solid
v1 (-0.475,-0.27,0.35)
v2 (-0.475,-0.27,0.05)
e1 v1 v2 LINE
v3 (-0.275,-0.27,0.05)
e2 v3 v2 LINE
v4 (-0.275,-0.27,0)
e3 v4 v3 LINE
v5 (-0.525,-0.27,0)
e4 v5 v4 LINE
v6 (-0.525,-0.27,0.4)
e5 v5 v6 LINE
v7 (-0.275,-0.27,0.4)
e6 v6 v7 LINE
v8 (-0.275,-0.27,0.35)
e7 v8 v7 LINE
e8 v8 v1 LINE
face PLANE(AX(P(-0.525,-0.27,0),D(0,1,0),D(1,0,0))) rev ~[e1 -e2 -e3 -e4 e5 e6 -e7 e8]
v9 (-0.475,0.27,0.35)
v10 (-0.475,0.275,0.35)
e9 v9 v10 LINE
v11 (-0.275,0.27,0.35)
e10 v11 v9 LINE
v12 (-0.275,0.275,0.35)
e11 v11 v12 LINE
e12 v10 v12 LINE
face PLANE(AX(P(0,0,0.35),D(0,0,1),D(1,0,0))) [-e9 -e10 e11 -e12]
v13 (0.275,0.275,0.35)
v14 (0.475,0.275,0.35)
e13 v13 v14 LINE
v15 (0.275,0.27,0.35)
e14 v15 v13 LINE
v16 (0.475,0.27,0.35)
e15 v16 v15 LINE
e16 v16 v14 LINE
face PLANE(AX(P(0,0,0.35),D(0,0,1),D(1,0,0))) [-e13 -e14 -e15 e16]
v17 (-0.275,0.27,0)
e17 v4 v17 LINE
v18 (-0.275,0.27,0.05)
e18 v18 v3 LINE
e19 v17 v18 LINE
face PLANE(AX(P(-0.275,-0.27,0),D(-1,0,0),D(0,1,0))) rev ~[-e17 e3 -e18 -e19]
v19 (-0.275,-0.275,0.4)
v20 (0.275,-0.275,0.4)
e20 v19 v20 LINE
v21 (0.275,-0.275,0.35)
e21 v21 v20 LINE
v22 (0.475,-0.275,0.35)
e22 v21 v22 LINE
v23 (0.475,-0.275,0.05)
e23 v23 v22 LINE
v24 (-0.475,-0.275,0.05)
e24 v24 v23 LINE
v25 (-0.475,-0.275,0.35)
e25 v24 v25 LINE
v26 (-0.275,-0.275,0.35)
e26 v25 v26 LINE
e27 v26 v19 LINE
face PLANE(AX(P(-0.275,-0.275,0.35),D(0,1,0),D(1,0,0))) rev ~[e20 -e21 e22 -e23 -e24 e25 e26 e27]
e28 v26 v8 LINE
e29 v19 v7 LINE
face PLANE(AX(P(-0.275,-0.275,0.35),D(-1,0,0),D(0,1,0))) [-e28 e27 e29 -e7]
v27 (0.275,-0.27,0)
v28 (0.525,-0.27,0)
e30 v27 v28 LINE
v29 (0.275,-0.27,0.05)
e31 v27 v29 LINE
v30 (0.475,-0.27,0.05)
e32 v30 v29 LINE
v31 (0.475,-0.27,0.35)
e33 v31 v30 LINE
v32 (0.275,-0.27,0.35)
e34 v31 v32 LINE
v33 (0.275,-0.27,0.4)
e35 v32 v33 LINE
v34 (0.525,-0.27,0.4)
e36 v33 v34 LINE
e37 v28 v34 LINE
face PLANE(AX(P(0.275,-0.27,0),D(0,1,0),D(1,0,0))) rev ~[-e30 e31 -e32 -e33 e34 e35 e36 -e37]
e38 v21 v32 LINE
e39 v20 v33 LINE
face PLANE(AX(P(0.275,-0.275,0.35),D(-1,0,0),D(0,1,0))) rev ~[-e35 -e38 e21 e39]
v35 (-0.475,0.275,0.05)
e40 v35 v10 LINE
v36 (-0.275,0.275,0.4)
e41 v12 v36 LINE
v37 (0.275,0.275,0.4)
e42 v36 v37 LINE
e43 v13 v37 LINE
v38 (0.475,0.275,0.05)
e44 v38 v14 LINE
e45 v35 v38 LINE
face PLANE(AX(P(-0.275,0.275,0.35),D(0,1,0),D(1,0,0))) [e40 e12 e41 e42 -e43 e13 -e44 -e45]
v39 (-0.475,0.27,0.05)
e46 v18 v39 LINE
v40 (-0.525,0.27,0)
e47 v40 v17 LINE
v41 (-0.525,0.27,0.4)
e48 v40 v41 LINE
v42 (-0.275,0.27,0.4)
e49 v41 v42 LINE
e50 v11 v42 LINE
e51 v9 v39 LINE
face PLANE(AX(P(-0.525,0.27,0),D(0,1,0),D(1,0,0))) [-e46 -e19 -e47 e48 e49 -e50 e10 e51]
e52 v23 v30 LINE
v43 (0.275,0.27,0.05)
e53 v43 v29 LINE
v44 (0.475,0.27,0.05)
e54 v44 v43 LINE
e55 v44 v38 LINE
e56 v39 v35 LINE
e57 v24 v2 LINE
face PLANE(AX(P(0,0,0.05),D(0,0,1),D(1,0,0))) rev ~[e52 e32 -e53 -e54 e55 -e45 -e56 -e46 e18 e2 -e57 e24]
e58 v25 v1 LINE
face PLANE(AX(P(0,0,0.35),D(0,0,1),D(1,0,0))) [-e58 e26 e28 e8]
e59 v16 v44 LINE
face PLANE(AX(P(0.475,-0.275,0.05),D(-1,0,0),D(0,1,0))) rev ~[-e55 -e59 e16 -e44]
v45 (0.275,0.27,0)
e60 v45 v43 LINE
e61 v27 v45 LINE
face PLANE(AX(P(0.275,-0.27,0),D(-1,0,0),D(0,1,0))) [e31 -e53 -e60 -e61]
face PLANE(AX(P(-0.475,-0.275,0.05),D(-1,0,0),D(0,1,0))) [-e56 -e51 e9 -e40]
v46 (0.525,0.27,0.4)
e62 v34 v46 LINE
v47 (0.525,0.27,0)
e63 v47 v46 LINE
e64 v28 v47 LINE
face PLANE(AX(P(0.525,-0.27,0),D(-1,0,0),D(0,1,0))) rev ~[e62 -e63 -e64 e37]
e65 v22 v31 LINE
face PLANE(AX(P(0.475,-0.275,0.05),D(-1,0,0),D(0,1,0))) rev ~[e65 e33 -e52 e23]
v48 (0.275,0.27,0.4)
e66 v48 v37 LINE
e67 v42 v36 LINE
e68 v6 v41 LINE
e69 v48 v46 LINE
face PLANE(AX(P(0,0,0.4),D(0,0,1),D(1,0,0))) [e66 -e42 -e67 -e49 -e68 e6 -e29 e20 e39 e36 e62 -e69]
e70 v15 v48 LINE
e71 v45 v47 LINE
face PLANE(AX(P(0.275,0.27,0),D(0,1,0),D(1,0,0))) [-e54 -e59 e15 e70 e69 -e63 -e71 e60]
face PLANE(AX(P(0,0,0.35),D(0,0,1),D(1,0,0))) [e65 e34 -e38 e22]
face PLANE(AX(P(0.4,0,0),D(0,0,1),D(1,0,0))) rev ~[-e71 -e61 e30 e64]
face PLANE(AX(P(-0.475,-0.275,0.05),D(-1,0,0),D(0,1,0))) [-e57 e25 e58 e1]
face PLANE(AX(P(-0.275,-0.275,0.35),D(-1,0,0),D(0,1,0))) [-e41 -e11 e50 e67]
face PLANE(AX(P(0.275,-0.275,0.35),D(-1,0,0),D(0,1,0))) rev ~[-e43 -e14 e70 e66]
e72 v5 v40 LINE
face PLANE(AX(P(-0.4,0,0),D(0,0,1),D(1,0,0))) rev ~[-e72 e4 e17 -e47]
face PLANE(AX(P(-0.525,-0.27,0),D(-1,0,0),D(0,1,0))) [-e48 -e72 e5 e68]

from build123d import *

# Parameters (mm, degrees)
PLATING_LEFT_W      = 0.25
PLATING_LEFT_H      = 0.54
PLATING_LEFT_DEPTH  = 0.4
PLATING_RIGHT_W     = 0.25
PLATING_RIGHT_H     = 0.54
PLATING_RIGHT_DEPTH = 0.4
MARKING_W           = 0.55
MARKING_H           = 0.55
MARKING_DEPTH       = 0.05
CHIP_W              = 0.95
CHIP_H              = 0.55
CHIP_DEPTH          = 0.3


with BuildPart() as plating_left:
    # plating_left → plating_left (new body)
    with BuildSketch(Plane(origin=(-0.525, -0.27, 0), x_dir=(1, 0, 0), z_dir=(0, 0, 1))):
        with Locations((0.125, 0.27)):
            Rectangle(PLATING_LEFT_W, PLATING_LEFT_H)
    extrude(amount=PLATING_LEFT_DEPTH)


with BuildPart() as plating_right:
    # plating_right → plating_right (new body)
    with BuildSketch(Plane(origin=(0.275, -0.27, 0), x_dir=(1, 0, 0), z_dir=(0, 0, 1))):
        with Locations((0.125, 0.27)):
            Rectangle(PLATING_RIGHT_W, PLATING_RIGHT_H)
    extrude(amount=PLATING_RIGHT_DEPTH)


with BuildPart() as marking:
    # marking → marking (new body)
    with BuildSketch(Plane(origin=(-0.275, -0.275, 0.35), x_dir=(1, 0, 0), z_dir=(0, 0, 1))):
        with Locations((0.275, 0.275)):
            Rectangle(MARKING_W, MARKING_H)
    extrude(amount=MARKING_DEPTH)


with BuildPart() as resistor:
    # chip → chip (new body)
    with BuildSketch(Plane(origin=(-0.475, -0.275, 0.05), x_dir=(1, 0, 0), z_dir=(0, 0, 1))):
        with Locations((0.475, 0.275)):
            Rectangle(CHIP_W, CHIP_H)
    extrude(amount=CHIP_DEPTH)

    # resistor: union plating_left, plating_right, marking
    add(plating_left.part)
    add(plating_right.part)
    add(marking.part)


solid = resistor.part
